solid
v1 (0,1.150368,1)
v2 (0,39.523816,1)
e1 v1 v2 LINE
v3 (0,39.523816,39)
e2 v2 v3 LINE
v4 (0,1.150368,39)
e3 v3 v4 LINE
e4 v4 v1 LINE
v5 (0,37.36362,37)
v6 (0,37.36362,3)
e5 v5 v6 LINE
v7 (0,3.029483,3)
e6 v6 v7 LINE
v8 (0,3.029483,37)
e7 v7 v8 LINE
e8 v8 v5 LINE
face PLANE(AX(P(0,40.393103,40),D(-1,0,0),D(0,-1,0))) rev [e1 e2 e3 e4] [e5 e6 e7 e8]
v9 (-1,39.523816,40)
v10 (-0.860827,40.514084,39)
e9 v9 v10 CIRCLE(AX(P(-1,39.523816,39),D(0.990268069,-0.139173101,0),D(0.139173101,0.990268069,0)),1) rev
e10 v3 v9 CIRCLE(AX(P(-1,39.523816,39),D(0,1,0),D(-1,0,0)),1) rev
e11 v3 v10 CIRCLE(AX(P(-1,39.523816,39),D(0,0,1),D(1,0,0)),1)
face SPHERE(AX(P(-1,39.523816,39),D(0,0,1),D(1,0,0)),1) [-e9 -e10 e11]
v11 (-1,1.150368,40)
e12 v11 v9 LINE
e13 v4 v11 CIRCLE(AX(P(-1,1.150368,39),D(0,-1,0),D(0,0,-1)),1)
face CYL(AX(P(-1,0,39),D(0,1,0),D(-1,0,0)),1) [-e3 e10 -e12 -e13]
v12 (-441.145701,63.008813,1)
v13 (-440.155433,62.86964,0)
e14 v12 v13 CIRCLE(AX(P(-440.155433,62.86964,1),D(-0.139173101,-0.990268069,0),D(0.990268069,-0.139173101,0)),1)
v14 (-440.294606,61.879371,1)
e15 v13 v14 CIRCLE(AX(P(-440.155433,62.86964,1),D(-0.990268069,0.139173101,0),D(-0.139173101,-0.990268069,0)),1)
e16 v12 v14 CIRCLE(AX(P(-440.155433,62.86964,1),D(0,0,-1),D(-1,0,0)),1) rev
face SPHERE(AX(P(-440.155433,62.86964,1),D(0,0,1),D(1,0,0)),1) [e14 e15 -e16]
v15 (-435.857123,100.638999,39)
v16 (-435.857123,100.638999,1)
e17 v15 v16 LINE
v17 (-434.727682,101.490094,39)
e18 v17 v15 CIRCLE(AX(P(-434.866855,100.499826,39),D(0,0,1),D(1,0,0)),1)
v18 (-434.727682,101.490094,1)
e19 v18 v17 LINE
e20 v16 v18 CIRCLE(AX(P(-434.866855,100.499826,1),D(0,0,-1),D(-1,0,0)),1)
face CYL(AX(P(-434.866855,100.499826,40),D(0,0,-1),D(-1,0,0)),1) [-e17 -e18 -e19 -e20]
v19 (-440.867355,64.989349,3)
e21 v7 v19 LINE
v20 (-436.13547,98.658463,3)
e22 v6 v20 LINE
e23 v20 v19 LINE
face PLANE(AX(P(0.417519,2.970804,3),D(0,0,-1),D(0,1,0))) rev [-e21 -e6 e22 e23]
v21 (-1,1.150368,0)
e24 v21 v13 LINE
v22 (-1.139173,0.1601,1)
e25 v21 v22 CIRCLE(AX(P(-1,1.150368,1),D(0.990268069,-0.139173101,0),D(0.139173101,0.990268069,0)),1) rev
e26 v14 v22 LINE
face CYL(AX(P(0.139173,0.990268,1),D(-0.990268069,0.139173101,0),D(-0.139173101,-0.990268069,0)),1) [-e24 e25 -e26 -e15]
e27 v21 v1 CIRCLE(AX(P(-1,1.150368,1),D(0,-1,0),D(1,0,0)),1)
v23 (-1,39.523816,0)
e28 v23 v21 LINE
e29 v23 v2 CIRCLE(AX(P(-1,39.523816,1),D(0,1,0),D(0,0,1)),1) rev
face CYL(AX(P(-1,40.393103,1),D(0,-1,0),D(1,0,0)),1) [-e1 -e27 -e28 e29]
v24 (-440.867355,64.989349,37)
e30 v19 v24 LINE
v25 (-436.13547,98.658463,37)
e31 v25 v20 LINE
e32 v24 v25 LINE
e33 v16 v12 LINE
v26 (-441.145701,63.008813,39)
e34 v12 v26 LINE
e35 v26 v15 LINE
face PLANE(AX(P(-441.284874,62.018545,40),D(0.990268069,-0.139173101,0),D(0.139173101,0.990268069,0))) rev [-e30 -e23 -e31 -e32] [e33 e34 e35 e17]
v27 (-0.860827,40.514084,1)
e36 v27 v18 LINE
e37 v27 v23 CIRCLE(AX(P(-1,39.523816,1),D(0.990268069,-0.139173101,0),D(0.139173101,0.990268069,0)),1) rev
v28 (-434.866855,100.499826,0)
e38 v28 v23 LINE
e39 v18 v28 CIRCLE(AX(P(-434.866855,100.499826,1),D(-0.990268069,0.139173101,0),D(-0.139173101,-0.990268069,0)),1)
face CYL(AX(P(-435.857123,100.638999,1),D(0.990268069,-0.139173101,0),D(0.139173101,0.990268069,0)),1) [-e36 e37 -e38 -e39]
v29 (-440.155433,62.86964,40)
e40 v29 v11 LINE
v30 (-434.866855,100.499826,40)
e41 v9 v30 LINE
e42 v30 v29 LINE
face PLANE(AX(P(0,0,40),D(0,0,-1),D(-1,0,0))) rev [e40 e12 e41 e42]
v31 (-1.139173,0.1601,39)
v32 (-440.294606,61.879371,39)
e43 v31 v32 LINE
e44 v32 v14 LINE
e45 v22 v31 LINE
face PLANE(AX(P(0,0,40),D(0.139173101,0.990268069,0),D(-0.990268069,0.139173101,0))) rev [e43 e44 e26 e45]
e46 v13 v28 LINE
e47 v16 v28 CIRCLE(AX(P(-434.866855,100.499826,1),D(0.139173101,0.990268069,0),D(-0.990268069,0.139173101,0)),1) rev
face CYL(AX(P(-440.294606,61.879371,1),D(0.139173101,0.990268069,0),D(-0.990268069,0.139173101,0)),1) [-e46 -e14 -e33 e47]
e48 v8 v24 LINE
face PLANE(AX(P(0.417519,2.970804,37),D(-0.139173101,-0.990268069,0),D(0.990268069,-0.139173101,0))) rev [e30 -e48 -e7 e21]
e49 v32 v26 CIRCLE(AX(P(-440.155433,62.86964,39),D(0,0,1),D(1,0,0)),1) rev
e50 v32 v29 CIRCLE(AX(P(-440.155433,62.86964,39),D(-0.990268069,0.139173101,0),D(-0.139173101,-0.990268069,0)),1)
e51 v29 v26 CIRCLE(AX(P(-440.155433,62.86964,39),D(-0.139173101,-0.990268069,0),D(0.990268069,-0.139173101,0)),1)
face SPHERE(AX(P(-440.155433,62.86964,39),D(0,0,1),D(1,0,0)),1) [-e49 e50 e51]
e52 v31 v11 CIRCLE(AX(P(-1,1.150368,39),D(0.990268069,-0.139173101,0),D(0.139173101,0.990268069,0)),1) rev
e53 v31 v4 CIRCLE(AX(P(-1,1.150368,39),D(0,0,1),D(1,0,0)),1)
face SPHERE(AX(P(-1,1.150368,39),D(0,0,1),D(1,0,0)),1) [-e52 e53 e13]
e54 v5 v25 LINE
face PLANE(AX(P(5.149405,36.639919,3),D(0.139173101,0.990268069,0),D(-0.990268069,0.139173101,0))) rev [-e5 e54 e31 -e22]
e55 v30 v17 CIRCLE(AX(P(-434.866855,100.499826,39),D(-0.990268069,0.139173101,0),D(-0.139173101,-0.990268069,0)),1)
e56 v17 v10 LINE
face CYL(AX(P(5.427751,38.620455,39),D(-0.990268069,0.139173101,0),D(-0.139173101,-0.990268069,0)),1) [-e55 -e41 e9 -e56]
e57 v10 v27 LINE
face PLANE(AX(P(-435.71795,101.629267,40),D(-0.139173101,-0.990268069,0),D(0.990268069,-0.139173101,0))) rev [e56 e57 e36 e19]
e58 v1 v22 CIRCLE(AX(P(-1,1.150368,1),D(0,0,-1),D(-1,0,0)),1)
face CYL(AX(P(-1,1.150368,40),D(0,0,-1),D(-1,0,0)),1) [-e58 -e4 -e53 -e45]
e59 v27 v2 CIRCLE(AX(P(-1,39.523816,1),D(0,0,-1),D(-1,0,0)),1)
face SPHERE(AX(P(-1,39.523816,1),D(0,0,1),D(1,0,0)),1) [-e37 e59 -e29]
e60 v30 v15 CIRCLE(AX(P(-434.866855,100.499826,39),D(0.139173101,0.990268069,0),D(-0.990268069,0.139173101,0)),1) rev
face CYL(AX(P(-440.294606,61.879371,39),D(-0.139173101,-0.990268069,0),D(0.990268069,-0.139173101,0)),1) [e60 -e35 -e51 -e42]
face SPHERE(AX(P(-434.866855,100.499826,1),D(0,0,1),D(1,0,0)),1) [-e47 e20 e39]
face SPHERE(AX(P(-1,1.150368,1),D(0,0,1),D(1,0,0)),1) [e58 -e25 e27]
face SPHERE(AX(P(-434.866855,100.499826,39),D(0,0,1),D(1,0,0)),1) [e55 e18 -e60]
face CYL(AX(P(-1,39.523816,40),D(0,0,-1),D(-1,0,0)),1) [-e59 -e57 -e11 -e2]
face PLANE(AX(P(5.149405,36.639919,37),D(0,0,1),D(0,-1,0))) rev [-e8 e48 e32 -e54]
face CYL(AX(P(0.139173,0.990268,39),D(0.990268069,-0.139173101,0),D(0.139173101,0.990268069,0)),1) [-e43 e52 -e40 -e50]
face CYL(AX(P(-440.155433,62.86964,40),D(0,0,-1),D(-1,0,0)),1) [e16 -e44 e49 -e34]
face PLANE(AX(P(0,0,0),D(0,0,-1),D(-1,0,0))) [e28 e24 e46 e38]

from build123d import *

# Parameters (mm, degrees)
BOSS_EXTRUDE1_DEPTH = 40
SKETCH2_W           = 34
SKETCH2_H           = 34
CUT_EXTRUDE1_DEPTH  = 448.413276673
FILLET1_R           = 1


with BuildPart() as part:
    # Sketch1 → Boss-Extrude1 (new body)
    with BuildSketch(Plane.XY):
        Polygon((0, 0), (-441.284874285, 62.018544574), (-435.717950246, 101.629267323), (0, 40.393102901), align=None)
    extrude(amount=BOSS_EXTRUDE1_DEPTH)

    # Sketch2 → Cut-Extrude1 (cut, through all)
    with BuildSketch(Plane(origin=(-441.284874285, 62.018544574, 0), x_dir=(0, 0, 1), z_dir=(-0.9902680687415704, 0.13917310096006613, 0))):
        with Locations((20, 20)):
            Rectangle(SKETCH2_W, SKETCH2_H)
    extrude(amount=-CUT_EXTRUDE1_DEPTH, mode=Mode.SUBTRACT)

    # Fillet1
    fillet1_edges = [part.edges().sort_by_distance(p)[0] for p in [
        (-438.501412265, 81.823905948, 40),
        (-220.642437142, 31.009272287, 40),
        (0, 20.19655145, 40),
        (-220.642437142, 31.009272287, 0),
        (-438.501412265, 81.823905948, 0),
        (-217.858975123, 71.011185112, 0),
        (0, 20.19655145, 0),
        (-217.858975123, 71.011185112, 40),
        (0, 0, 20),
        (-441.284874285, 62.018544574, 20),
        (-435.717950246, 101.629267323, 20),
        (0, 40.393102901, 20),
    ]]
    fillet(fillet1_edges, radius=FILLET1_R)


solid = part.part
